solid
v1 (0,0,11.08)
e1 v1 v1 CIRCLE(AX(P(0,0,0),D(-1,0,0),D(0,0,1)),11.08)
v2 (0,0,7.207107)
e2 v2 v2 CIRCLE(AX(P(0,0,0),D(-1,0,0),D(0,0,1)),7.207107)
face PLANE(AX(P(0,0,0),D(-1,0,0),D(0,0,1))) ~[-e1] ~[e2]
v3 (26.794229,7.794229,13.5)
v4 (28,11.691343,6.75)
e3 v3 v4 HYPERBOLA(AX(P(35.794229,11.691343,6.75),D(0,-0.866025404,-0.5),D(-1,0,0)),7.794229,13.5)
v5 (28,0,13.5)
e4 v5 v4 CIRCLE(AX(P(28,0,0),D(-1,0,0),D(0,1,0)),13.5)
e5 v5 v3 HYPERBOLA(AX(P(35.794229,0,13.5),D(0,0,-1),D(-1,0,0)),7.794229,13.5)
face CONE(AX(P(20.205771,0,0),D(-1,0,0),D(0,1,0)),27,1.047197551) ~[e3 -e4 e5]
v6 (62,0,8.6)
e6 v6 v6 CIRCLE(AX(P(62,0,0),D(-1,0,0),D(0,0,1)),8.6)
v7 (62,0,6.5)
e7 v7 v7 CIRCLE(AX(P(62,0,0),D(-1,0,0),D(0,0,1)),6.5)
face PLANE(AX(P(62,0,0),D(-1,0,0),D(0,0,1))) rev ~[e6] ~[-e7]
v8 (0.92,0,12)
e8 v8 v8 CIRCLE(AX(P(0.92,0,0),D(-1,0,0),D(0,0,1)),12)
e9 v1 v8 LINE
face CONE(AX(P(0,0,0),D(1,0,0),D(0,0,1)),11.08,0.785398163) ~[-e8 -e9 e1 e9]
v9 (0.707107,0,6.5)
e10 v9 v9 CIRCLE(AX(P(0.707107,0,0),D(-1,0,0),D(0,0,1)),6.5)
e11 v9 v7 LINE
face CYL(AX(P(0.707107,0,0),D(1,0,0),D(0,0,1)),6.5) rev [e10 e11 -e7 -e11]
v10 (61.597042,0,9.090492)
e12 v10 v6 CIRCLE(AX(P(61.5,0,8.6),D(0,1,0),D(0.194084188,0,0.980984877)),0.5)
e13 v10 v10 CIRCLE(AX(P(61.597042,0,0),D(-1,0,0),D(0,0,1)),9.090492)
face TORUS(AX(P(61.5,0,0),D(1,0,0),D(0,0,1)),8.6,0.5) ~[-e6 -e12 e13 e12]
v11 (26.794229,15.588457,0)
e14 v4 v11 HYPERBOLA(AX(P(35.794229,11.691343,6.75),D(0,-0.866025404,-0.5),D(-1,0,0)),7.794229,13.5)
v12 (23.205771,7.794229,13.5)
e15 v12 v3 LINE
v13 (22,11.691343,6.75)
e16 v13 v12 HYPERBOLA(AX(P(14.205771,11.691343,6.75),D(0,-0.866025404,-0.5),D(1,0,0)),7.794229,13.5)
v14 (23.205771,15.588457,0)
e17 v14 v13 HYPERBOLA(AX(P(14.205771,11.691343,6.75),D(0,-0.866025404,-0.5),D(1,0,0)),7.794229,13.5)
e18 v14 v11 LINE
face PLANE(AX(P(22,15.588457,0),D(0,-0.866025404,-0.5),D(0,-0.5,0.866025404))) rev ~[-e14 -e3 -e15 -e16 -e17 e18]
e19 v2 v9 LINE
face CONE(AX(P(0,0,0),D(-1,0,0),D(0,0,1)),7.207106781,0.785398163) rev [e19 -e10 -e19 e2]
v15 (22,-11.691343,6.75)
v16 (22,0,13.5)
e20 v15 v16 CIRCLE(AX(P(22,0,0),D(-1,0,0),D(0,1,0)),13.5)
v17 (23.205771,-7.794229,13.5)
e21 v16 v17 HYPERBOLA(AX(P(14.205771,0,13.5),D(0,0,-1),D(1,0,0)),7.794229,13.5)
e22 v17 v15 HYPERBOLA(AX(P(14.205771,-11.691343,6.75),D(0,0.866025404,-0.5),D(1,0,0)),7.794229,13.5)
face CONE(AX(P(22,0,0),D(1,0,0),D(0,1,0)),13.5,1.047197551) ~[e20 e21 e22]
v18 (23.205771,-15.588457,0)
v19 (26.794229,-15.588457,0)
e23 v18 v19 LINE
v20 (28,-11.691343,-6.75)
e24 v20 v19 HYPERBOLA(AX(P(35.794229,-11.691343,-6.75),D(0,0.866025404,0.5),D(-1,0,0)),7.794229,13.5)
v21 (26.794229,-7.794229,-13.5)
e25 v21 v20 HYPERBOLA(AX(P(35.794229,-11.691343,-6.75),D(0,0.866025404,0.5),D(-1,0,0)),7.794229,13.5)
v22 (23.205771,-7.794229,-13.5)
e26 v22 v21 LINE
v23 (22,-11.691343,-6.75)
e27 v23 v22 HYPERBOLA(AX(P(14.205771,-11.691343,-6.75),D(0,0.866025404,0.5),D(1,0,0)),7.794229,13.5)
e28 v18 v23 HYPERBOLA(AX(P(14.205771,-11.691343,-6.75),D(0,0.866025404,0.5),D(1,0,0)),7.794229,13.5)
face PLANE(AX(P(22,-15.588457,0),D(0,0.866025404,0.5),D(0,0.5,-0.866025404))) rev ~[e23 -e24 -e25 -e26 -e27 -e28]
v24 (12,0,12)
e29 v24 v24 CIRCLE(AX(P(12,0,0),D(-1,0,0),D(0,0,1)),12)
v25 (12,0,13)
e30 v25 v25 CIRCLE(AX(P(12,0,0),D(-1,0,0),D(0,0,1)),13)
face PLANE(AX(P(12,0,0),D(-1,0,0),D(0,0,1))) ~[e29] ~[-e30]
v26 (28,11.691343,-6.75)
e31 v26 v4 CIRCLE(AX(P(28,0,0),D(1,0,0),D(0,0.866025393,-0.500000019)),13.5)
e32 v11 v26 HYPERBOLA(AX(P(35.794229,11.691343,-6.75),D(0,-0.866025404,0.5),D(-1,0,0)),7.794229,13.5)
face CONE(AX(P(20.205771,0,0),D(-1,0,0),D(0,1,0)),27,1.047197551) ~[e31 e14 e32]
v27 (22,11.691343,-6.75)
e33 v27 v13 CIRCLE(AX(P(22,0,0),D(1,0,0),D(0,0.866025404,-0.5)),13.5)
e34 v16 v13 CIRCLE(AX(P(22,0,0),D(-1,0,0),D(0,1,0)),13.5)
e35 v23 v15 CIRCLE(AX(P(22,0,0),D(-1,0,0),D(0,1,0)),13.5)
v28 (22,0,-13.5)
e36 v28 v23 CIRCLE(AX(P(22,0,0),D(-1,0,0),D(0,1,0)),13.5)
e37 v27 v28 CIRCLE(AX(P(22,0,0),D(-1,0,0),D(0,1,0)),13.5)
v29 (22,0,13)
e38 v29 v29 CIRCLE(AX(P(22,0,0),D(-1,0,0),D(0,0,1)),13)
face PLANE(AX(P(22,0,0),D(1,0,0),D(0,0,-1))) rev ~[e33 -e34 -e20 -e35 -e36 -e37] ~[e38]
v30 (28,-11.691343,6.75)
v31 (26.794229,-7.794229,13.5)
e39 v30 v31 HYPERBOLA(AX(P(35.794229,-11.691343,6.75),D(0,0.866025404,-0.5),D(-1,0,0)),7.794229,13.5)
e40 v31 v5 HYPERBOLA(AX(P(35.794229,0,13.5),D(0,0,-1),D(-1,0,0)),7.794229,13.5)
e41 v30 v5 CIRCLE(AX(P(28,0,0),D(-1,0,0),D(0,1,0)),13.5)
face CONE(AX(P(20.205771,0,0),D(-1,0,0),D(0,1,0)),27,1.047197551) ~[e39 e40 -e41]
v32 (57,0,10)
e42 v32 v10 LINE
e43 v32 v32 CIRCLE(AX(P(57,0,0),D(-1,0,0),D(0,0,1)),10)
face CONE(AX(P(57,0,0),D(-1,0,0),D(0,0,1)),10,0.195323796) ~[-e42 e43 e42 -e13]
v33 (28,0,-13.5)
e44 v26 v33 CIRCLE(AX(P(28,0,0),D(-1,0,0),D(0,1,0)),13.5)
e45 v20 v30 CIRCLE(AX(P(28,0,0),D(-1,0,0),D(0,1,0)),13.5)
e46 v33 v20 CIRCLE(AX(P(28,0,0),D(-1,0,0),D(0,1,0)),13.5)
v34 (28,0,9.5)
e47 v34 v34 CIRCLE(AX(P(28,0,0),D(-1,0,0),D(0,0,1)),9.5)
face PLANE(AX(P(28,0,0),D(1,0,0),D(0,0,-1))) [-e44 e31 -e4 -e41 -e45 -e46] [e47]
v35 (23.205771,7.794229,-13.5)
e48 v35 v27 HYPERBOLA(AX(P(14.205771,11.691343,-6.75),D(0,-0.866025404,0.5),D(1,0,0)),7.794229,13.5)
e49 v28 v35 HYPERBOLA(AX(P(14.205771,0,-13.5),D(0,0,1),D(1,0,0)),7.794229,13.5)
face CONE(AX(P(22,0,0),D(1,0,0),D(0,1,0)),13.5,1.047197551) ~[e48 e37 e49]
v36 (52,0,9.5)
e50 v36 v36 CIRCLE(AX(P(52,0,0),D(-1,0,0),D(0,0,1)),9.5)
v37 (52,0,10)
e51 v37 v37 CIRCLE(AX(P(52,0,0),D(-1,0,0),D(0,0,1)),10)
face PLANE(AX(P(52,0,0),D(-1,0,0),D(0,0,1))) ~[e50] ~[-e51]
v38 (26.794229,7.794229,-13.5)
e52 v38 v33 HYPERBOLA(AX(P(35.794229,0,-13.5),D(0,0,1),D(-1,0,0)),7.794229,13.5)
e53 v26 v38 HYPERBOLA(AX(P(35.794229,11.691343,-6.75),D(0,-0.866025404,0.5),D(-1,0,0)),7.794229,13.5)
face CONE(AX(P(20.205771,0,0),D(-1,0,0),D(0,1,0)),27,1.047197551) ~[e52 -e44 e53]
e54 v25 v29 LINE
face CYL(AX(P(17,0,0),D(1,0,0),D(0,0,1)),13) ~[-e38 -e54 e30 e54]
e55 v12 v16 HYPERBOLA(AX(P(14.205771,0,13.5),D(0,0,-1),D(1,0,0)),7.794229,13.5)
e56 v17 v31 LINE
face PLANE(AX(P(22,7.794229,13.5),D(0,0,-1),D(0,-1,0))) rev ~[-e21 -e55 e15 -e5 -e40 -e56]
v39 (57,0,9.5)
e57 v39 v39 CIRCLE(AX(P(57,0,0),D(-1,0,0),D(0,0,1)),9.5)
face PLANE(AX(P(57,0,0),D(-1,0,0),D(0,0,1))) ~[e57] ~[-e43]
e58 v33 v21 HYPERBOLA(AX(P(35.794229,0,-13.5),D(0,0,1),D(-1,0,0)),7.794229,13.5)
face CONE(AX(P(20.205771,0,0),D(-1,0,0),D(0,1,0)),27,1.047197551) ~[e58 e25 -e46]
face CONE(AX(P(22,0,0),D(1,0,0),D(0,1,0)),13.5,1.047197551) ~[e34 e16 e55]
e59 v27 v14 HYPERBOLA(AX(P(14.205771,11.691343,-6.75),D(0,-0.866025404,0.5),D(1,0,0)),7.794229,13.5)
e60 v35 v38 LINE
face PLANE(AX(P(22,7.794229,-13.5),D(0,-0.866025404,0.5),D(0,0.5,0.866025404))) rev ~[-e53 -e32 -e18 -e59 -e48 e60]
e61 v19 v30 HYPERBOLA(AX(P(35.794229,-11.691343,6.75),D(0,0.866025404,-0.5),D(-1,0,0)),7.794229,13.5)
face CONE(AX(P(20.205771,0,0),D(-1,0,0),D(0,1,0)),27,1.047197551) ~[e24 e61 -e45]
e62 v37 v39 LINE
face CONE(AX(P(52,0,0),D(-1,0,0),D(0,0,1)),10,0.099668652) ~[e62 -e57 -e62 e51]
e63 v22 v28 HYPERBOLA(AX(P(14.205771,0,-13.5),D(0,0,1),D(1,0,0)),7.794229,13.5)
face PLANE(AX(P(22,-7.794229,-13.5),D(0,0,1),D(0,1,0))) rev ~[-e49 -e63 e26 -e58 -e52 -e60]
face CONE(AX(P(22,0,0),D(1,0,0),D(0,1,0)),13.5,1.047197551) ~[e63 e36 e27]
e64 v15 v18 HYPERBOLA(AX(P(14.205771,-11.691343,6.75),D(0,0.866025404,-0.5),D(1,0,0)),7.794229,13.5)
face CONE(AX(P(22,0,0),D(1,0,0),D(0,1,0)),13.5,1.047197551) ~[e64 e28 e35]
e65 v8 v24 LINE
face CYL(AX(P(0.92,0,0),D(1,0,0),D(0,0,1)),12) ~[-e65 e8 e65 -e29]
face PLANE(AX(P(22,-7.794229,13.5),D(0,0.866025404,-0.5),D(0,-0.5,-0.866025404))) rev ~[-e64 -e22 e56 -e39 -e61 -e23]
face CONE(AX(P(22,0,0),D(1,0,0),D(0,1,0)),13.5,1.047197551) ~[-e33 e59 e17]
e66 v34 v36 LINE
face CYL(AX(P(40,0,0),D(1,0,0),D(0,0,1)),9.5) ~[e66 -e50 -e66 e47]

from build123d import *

# Parameters (mm, degrees)
SZKIC2_W                    = 10
SZKIC2_H                    = 13
DODANIE_WYCI_GNI_CIE1_DEPTH = 6
SZKIC4_W                    = 24
SZKIC4_H                    = 9.5


with BuildPart() as part:
    # Szkic1 → Obrót1 (revolve)
    with BuildSketch(Plane.XY, mode=Mode.PRIVATE) as obr_t1_sk:
        Polygon((0, 0), (0, 11.08), (0.92, 12), (12, 12), (12, 0), align=None)
    revolve(obr_t1_sk.sketch.rotate(Axis((12, 0, 0), (-1, 0, 0)), 270), axis=Axis((12, 0, 0), (-1, 0, 0)))

    # Szkic2 → Obrót2 (revolve)
    with BuildSketch(Plane.XY, mode=Mode.PRIVATE) as obr_t2_sk:
        with Locations((17, 6.5)):
            Rectangle(SZKIC2_W, SZKIC2_H)
    revolve(obr_t2_sk.sketch.rotate(Axis((22, 0, 0), (-1, 0, 0)), 270), axis=Axis((22, 0, 0), (-1, 0, 0)))

    # Szkic3 → Dodanie-wyciągnięcie1 (add)
    with BuildSketch(Plane(origin=(22, 0, 0), x_dir=(0, 0, -1), z_dir=(1, 0, 0))):
        Polygon((-13.5, 7.794228634), (-13.5, -7.794228634), (0, -15.588457268), (13.5, -7.794228634), (13.5, 7.794228634), (0, 15.588457268), align=None)
    extrude(amount=DODANIE_WYCI_GNI_CIE1_DEPTH)

    # Szkic4 → Obrót3 (revolve)
    with BuildSketch(Plane.XY, mode=Mode.PRIVATE) as obr_t3_sk:
        with Locations((40, 4.75)):
            Rectangle(SZKIC4_W, SZKIC4_H)
    revolve(obr_t3_sk.sketch.rotate(Axis((52, 0, 0), (-1, 0, 0)), 270), axis=Axis((52, 0, 0), (-1, 0, 0)))

    # Szkic5 → Obrót4 (revolve)
    with BuildSketch(Plane.XY, mode=Mode.PRIVATE) as obr_t4_sk:
        with BuildLine():
            Line((52, 0), (52, 10))
            Line((52, 10), (57, 9.5))
            Line((57, 9.5), (57, 10))
            Line((57, 10), (61.597042092, 9.090492439))
            ThreePointArc((61.597042092, 9.090492439), (61.886342494, 8.917394828), (62, 8.6))
            Line((62, 8.6), (62, 0))
            Line((62, 0), (52, 0))
        make_face()
    revolve(obr_t4_sk.sketch.rotate(Axis((62, 0, 0), (-1, 0, 0)), 270), axis=Axis((62, 0, 0), (-1, 0, 0)))

    # Szkic6 → Wycięcie-obrót1 (revolve, cut)
    with BuildSketch(Plane.XY, mode=Mode.PRIVATE) as wyci_cie_obr_t1_sk:
        Polygon((0, 0), (0, 7.207106781), (0.707106781, 6.5), (62, 6.5), (62, 0), align=None)
    revolve(wyci_cie_obr_t1_sk.sketch.rotate(Axis((62, 0, 0), (-1, 0, 0)), 270), axis=Axis((62, 0, 0), (-1, 0, 0)), mode=Mode.SUBTRACT)

    # Szkic7 → Wycięcie-obrót2 (revolve, cut)
    with BuildSketch(Plane.XY):
        Polygon((22, 13.5), (29.794228634, 27), (22, 27), align=None)
    revolve(axis=Axis((22, 0, 0), (-1, 0, 0)), mode=Mode.SUBTRACT)

    # Szkic8 → Wycięcie-obrót3 (revolve, cut)
    with BuildSketch(Plane.XY):
        Polygon((20.205771366, 27), (28, 13.5), (28, 27), align=None)
    revolve(axis=Axis((22, 0, 0), (-1, 0, 0)), mode=Mode.SUBTRACT)


solid = part.part
